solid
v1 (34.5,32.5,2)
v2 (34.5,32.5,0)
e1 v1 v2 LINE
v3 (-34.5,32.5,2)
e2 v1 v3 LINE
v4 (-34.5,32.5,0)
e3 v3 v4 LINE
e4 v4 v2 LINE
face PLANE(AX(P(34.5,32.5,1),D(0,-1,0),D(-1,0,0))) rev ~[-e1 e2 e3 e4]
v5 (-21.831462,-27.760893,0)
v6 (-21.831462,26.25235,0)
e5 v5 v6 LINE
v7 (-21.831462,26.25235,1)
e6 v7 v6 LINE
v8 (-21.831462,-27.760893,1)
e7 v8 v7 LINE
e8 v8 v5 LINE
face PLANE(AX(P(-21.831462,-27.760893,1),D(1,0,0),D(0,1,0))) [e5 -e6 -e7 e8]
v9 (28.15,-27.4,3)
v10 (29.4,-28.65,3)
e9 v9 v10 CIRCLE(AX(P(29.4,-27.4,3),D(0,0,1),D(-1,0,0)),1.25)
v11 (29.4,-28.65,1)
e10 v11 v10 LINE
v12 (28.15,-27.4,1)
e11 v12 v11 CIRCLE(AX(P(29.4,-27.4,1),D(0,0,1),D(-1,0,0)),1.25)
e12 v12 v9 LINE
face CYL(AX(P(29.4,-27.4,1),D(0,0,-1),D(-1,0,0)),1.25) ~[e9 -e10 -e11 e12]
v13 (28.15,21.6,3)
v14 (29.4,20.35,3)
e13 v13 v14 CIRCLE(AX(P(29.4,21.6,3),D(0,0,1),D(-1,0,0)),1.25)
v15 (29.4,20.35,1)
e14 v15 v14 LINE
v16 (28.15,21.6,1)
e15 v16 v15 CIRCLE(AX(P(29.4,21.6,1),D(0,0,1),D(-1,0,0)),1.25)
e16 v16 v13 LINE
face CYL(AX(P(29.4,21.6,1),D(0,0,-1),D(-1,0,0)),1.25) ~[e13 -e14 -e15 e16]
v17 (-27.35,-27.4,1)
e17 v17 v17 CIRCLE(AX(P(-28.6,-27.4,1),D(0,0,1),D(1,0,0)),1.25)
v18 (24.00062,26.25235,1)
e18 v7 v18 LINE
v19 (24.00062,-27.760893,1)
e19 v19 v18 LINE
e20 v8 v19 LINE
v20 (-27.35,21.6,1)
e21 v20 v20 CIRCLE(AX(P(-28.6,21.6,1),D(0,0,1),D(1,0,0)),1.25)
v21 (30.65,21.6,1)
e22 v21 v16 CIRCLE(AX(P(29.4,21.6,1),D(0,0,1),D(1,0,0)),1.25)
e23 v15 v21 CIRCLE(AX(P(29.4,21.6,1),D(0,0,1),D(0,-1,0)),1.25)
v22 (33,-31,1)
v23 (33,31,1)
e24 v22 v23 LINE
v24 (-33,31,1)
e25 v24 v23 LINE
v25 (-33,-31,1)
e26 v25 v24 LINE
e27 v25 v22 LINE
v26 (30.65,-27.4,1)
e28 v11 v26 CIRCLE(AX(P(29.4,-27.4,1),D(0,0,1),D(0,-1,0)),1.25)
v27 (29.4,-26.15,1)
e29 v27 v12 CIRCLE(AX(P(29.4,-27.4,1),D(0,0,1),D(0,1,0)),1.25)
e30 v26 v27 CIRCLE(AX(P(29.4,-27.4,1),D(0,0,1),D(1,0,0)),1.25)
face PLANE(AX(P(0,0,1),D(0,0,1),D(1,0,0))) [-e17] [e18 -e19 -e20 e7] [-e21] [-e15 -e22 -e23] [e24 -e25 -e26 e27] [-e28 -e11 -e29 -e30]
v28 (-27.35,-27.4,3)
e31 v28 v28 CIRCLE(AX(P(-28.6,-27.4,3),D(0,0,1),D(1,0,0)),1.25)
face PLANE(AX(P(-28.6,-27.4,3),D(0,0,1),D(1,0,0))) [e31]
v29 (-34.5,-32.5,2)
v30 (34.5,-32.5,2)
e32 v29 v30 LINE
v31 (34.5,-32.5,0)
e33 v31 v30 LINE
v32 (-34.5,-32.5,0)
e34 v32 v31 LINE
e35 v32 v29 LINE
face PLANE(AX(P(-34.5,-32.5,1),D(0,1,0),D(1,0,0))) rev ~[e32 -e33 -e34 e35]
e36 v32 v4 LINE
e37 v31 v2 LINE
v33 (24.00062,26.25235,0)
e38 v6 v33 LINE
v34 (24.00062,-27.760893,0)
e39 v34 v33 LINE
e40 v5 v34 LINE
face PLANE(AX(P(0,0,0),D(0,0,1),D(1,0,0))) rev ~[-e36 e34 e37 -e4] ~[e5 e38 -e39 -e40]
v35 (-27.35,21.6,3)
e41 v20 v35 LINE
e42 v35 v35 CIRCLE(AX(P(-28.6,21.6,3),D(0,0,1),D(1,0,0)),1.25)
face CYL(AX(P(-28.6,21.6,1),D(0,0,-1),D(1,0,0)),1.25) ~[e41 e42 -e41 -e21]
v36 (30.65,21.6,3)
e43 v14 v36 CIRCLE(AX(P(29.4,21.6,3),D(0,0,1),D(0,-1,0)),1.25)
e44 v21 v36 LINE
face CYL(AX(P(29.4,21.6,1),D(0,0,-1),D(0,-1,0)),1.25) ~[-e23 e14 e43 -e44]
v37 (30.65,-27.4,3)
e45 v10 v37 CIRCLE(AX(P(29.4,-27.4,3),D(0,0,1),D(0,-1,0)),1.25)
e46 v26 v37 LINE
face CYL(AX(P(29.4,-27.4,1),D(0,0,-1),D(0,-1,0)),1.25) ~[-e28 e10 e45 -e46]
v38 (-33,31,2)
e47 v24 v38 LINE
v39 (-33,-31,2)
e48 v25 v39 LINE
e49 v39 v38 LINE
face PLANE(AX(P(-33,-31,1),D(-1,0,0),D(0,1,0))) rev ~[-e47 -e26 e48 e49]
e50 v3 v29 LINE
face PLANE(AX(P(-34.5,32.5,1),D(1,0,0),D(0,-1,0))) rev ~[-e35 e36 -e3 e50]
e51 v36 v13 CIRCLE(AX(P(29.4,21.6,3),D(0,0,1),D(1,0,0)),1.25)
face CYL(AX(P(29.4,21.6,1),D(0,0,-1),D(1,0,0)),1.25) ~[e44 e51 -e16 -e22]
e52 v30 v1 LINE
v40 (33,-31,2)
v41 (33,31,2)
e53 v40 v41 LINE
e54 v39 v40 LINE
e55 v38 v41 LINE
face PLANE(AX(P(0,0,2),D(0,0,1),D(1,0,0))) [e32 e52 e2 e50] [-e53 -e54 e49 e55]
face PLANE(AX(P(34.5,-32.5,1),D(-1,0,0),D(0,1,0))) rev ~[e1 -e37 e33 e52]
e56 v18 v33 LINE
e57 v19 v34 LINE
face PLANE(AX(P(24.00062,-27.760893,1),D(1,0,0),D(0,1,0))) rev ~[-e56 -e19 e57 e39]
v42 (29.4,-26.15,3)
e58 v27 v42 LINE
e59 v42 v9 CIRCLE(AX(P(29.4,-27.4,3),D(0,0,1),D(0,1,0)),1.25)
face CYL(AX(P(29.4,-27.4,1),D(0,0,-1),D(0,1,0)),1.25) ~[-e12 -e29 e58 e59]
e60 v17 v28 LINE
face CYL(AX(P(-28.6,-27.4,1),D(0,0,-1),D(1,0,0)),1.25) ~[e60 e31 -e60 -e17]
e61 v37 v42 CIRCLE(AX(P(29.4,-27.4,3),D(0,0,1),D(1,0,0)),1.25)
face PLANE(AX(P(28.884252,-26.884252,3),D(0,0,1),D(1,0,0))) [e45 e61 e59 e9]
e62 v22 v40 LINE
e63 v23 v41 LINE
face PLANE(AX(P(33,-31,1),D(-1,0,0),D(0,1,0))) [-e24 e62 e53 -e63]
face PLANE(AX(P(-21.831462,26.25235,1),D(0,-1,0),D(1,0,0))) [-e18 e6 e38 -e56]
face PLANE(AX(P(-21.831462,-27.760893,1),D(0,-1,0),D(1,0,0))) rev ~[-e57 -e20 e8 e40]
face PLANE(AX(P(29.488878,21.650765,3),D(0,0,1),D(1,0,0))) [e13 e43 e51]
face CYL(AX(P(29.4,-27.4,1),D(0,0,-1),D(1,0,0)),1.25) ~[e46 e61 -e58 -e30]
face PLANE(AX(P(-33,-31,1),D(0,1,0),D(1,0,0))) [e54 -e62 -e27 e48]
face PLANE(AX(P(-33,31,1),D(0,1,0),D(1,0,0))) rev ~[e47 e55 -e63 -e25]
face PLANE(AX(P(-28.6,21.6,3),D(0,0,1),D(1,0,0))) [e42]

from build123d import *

# Parameters (mm, degrees)
F0_W     = 69
F0_H     = 65
F1_DEPTH = 1
F2_W     = 66
F2_H     = 62
F3_DEPTH = 1
F4_R     = 1.25
F5_DEPTH = 2
F6_W     = 45.8320826292
F6_H     = 54.0132429451
F7_DEPTH = 25


with BuildPart() as f1:
    # F0 (on Top) → F1 (new body)
    with BuildSketch(Plane.XY):
        Rectangle(F0_W, F0_H)
    extrude(amount=F1_DEPTH)

    # F2 (on face) → F3 (join)
    with BuildSketch(Plane.XY.offset(1)):
        Polygon((-33, 32.5), (-34.5, 32.5), (-34.5, 31), (-34.5, -31), (-34.5, -32.5), (-33, -32.5), (33, -32.5), (34.5, -32.5), (34.5, -31), (34.5, 31), (34.5, 32.5), (33, 32.5), align=None)
        Rectangle(F2_W, F2_H, mode=Mode.SUBTRACT)
    extrude(amount=F3_DEPTH)

    # F4 (on face) → F5 (join)
    with BuildSketch(Plane.XY.offset(1)):
        with Locations((-28.6, 21.6)):
            Circle(F4_R)
        with BuildLine():
            Line((29.4, 21.6), (29.4, 20.35))
            ThreePointArc((29.4, 20.35), (30.2838834765, 20.7161165235), (30.65, 21.6))
            ThreePointArc((30.65, 21.6), (29.4, 22.85), (28.15, 21.6))
            Line((28.15, 21.6), (29.4, 21.6))
        make_face()
        with BuildLine():
            ThreePointArc((28.15, 21.6), (28.5161165235, 20.7161165235), (29.4, 20.35))
            Line((29.4, 20.35), (29.4, 21.6))
            Line((29.4, 21.6), (28.15, 21.6))
        make_face()
        with BuildLine():
            Line((28.15, -27.4), (29.4, -27.4))
            Line((29.4, -27.4), (29.4, -26.15))
            ThreePointArc((29.4, -26.15), (28.5161165235, -26.5161165235), (28.15, -27.4))
        make_face()
        with BuildLine():
            ThreePointArc((28.15, -27.4), (28.5161165235, -28.2838834765), (29.4, -28.65))
            Line((29.4, -28.65), (29.4, -27.4))
            Line((29.4, -27.4), (28.15, -27.4))
        make_face()
        with BuildLine():
            Line((29.4, -27.4), (29.4, -28.65))
            ThreePointArc((29.4, -28.65), (30.2838834765, -28.2838834765), (30.65, -27.4))
            ThreePointArc((30.65, -27.4), (30.2838834765, -26.5161165235), (29.4, -26.15))
            Line((29.4, -26.15), (29.4, -27.4))
        make_face()
        with Locations((-28.6, -27.4)):
            Circle(F4_R)
    extrude(amount=F5_DEPTH)

    # F6 (on face) → F7 (cut)
    with BuildSketch(Plane.XY.offset(1)):
        with Locations((1.0845791548, -0.7542716339)):
            Rectangle(F6_W, F6_H)
    extrude(amount=-F7_DEPTH, mode=Mode.SUBTRACT)


solid = f1.part
